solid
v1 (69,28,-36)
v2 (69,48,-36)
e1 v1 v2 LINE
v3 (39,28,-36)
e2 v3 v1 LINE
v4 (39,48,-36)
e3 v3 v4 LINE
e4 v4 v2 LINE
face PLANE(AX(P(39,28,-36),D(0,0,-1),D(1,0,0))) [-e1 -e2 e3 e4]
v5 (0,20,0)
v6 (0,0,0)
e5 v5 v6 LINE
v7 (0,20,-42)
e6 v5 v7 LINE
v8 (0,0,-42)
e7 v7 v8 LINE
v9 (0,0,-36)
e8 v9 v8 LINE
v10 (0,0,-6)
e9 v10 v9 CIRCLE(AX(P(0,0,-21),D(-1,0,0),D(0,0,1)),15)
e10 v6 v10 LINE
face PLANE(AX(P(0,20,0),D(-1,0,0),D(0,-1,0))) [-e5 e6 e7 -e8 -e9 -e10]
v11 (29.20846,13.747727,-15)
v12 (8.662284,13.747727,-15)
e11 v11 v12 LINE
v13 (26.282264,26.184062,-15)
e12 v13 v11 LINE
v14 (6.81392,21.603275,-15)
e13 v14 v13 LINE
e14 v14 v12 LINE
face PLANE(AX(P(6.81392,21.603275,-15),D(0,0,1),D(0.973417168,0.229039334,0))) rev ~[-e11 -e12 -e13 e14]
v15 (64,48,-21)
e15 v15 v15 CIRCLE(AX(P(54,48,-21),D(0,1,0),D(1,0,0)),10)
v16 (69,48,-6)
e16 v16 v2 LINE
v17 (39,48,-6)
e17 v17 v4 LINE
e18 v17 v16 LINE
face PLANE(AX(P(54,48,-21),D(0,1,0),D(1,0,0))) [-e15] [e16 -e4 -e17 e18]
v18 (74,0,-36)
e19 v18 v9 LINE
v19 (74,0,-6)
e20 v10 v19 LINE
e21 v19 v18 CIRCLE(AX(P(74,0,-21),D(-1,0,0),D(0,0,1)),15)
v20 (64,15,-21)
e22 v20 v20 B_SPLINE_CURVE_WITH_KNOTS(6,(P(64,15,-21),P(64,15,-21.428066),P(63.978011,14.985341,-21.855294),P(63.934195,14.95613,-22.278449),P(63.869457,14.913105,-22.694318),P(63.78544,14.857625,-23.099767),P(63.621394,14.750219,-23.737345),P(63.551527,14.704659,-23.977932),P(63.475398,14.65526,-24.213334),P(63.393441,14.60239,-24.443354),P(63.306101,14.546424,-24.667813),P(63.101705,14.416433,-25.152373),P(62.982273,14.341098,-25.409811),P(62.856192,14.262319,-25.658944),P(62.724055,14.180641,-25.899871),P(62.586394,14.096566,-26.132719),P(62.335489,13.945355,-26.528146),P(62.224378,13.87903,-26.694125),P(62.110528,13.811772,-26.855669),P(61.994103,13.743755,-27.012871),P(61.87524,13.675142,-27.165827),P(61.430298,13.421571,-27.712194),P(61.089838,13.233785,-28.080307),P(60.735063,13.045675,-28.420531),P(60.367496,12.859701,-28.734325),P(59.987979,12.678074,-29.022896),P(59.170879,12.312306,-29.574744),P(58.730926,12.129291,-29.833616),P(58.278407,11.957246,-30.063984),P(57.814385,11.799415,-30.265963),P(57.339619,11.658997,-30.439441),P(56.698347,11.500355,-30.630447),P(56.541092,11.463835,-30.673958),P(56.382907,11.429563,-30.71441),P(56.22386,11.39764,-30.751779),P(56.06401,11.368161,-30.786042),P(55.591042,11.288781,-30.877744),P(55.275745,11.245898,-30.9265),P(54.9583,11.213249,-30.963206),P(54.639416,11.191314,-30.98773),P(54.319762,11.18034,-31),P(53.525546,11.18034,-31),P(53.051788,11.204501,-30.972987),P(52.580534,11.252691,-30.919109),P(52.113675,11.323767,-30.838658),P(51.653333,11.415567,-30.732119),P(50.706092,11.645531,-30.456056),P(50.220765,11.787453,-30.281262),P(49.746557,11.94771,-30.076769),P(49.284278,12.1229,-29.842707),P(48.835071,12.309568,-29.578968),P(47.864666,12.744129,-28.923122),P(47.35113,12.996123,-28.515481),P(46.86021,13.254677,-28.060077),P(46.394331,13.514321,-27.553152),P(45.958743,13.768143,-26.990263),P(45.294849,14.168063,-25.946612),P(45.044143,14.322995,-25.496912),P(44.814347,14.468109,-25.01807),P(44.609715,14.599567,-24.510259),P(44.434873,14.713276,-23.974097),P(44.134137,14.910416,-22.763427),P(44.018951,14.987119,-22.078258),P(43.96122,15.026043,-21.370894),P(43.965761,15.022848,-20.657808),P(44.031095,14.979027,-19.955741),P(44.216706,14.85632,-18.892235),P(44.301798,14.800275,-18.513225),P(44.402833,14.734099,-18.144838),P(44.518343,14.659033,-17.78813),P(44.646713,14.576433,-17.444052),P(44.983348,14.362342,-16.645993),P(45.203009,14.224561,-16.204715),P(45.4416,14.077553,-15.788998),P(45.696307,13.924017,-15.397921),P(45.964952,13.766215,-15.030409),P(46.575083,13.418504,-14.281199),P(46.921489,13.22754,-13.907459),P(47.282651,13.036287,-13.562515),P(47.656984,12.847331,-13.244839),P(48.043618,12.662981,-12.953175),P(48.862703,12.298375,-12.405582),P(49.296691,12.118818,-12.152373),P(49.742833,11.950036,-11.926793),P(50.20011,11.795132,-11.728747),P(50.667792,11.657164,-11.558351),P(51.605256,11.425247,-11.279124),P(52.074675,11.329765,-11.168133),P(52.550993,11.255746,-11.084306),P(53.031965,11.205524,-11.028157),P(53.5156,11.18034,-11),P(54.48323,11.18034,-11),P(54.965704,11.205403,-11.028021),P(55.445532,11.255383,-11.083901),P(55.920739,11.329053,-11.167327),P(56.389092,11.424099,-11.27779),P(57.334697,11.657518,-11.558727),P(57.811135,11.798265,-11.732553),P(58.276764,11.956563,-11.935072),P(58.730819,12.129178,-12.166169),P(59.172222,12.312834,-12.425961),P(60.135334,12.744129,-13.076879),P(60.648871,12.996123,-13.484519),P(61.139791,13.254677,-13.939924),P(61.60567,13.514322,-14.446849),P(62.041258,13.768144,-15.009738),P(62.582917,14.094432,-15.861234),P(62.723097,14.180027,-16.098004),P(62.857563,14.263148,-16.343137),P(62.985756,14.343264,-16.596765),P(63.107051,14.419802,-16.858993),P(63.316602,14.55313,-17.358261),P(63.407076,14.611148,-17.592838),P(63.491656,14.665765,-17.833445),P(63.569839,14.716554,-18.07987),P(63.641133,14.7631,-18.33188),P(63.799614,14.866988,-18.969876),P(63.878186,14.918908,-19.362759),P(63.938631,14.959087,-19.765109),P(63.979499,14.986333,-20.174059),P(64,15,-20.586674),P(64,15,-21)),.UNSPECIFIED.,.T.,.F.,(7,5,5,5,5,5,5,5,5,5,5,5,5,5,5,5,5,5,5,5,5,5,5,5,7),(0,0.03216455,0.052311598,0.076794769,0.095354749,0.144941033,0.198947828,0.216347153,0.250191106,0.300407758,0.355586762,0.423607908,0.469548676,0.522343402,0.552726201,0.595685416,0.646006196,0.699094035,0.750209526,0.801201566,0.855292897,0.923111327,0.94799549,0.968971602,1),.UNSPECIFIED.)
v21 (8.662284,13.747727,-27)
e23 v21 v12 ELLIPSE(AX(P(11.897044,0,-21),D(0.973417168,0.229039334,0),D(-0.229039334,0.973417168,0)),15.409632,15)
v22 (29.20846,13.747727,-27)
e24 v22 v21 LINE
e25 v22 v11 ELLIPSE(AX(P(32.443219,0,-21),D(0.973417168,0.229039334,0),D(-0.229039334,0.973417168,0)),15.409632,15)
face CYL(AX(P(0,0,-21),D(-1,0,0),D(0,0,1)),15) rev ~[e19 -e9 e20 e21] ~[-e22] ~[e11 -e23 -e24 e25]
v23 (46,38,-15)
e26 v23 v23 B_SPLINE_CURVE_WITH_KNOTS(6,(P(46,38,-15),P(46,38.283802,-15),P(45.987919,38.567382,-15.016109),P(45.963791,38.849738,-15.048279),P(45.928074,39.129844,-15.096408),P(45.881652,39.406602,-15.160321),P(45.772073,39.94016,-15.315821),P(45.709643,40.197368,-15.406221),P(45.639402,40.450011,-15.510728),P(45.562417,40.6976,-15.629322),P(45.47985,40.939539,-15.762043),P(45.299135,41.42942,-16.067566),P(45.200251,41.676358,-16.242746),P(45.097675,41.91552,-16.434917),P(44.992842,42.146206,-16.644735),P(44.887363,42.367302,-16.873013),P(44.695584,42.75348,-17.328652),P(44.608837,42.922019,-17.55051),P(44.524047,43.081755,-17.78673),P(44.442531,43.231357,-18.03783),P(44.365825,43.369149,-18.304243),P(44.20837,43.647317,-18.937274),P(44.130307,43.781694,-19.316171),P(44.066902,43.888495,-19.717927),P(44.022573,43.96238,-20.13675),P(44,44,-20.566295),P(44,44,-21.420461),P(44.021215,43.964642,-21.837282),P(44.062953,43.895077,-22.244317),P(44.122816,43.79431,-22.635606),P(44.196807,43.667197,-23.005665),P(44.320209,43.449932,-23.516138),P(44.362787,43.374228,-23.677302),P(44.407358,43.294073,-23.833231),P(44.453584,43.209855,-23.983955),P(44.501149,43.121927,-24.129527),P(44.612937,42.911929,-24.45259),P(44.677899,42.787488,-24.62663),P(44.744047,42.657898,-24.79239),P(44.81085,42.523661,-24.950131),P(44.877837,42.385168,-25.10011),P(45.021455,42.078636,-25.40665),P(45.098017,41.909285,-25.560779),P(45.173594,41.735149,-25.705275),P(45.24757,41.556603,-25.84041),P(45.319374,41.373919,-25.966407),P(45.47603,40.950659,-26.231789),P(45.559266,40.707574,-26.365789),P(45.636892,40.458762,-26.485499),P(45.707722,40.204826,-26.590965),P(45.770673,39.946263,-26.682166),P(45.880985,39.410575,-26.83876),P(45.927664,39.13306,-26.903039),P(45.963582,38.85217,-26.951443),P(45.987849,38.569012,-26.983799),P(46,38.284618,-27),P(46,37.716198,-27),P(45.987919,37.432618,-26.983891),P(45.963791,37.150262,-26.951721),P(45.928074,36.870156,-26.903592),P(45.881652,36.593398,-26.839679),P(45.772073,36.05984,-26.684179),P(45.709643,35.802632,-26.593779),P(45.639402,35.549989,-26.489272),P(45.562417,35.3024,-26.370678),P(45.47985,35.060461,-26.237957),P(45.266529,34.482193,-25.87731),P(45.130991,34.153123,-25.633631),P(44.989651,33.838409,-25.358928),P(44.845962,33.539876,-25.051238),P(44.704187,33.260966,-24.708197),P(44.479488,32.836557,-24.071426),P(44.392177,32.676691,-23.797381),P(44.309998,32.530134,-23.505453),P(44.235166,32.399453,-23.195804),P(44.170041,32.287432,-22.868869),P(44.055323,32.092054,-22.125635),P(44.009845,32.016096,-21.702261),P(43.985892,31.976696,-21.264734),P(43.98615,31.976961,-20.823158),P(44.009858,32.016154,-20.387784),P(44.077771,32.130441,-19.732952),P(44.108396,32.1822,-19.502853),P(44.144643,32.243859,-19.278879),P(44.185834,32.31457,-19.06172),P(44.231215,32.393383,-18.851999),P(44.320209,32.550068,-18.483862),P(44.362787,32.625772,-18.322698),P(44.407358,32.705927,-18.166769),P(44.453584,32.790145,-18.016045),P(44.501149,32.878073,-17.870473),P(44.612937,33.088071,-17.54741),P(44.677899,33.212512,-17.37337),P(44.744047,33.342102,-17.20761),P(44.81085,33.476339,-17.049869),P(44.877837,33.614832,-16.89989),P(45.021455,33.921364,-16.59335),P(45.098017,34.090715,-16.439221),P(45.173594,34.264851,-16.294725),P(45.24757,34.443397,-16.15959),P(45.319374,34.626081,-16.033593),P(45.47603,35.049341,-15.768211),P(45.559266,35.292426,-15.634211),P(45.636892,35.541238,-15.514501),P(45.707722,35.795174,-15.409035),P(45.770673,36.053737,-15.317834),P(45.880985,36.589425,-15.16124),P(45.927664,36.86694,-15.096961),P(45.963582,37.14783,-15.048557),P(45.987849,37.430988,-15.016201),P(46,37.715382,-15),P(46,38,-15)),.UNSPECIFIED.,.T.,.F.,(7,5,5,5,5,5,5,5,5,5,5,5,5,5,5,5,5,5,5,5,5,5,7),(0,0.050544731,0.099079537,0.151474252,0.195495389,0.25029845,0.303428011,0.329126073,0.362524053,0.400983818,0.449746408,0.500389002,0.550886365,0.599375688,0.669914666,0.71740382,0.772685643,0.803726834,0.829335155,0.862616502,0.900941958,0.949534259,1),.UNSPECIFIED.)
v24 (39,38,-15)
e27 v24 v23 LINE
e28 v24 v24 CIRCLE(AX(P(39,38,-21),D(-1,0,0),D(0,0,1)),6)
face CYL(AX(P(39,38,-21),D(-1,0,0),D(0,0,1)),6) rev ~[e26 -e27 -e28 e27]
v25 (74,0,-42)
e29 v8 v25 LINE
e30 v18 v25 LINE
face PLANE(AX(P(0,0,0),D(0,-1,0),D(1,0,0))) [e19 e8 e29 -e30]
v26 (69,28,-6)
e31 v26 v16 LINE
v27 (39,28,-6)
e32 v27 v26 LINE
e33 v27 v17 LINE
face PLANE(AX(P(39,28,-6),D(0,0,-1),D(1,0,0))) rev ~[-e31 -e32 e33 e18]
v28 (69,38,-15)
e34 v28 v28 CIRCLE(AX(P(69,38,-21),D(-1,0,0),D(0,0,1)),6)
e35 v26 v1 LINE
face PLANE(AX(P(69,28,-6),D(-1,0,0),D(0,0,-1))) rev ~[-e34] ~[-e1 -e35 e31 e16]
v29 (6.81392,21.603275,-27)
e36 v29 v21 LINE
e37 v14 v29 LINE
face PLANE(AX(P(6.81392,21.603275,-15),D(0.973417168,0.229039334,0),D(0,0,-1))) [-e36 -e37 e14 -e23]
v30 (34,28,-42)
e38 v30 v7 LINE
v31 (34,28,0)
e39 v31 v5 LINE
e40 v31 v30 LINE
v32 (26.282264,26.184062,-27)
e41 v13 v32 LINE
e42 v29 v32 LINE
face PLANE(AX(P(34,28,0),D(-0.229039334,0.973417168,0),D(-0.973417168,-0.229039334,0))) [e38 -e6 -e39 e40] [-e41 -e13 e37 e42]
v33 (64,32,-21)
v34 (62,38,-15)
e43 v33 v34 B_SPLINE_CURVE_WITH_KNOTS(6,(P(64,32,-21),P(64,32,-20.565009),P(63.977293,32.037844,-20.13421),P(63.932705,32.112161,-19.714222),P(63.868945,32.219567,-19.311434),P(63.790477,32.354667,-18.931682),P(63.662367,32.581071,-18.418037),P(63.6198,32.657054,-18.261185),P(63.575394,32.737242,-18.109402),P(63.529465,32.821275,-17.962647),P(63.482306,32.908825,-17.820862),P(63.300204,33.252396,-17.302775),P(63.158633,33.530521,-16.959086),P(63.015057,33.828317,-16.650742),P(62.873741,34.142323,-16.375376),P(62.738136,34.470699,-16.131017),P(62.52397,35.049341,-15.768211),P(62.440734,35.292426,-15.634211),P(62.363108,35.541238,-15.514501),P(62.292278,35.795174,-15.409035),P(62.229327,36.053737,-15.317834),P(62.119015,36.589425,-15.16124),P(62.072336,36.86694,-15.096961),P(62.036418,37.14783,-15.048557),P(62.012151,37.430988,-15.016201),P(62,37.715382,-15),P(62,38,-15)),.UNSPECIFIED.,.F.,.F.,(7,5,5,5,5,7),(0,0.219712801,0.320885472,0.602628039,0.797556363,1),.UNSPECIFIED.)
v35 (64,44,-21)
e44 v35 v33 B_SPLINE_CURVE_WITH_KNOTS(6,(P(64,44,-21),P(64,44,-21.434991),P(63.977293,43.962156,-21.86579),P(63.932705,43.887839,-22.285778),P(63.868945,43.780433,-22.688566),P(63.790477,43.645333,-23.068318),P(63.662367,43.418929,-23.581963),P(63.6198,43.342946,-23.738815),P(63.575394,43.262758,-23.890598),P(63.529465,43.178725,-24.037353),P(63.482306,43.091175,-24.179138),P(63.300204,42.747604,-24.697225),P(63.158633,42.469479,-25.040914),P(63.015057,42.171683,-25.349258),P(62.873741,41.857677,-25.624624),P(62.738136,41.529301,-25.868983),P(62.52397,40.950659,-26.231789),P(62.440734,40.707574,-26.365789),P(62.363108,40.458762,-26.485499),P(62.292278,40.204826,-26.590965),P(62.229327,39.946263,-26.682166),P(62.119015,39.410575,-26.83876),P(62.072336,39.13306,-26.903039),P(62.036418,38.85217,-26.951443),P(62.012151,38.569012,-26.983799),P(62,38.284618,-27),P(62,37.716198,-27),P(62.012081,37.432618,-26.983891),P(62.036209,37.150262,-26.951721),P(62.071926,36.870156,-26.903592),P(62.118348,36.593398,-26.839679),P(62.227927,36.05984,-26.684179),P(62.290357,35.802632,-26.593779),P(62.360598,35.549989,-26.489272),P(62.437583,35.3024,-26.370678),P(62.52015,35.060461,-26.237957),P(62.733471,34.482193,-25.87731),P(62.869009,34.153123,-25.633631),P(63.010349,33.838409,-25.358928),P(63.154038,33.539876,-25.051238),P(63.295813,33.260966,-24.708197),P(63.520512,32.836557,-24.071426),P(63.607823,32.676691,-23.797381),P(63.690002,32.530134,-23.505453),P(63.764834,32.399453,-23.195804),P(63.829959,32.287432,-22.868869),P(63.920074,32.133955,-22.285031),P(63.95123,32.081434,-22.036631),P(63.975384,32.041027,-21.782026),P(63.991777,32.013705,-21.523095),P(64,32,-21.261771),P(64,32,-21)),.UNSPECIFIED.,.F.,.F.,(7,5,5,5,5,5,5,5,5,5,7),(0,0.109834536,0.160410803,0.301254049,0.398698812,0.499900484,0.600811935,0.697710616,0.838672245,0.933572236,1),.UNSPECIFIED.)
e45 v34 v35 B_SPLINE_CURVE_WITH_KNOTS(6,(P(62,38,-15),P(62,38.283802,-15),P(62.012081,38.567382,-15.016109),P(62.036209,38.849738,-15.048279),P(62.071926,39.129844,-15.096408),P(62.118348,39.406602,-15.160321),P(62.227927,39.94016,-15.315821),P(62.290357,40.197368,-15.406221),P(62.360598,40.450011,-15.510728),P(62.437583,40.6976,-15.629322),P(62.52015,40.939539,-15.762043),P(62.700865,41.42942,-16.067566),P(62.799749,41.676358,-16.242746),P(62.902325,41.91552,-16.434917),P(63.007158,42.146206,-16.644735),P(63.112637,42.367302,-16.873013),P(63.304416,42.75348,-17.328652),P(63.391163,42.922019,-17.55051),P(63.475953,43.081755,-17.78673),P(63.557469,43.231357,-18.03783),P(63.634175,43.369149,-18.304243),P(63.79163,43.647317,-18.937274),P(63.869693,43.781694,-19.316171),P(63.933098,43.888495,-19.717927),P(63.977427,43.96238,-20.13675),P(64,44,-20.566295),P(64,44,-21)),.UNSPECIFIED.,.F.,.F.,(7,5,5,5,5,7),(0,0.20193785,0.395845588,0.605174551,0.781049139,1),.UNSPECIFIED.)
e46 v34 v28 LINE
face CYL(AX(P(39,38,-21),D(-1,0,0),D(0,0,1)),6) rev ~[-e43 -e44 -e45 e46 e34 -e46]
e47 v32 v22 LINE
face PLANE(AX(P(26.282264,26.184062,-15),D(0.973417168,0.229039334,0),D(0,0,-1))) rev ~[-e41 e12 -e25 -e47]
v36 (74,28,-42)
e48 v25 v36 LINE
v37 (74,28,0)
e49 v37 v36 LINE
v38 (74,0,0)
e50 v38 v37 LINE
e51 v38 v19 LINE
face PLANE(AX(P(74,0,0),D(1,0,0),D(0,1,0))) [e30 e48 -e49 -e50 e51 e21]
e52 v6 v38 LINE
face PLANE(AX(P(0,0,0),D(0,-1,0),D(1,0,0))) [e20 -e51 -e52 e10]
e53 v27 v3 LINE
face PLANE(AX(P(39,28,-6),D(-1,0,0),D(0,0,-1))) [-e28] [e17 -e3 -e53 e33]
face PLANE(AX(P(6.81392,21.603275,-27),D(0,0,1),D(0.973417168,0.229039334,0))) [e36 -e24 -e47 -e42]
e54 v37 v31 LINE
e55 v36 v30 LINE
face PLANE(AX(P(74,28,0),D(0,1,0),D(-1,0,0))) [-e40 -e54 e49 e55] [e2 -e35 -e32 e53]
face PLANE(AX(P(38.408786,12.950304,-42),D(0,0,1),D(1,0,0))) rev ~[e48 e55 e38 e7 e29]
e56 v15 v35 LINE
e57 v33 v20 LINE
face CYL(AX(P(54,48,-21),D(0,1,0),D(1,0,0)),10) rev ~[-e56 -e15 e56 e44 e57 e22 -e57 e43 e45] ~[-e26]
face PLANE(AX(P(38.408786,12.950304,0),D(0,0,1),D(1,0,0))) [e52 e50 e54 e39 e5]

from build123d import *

# Parameters (mm, degrees)
BOSS_EXTRUDE1_DEPTH = 42
SKETCH2_R           = 15
CUT_EXTRUDE1_DEPTH  = 74
SKETCH3_W           = 20
SKETCH3_H           = 12
CUT_EXTRUDE4_DEPTH  = 74
SKETCH4_W           = 30
SKETCH4_H           = 30
BOSS_EXTRUDE2_DEPTH = 20
SKETCH5_R           = 6
CUT_EXTRUDE5_DEPTH  = 30
SKETCH6_R           = 10
CUT_EXTRUDE6_DEPTH  = 40


with BuildPart() as part:
    # Sketch1 → Boss-Extrude1 (new body)
    with BuildSketch(Plane.XY):
        Polygon((0, 0), (74, 0), (74, 28), (34, 28), (0, 20), align=None)
    extrude(amount=-BOSS_EXTRUDE1_DEPTH)

    # Sketch2 → Cut-Extrude1 (cut)
    with BuildSketch(Plane.ZY):
        with Locations((-21, 0)):
            Circle(SKETCH2_R)
    extrude(amount=-CUT_EXTRUDE1_DEPTH, mode=Mode.SUBTRACT)

    # Sketch3 → Cut-Extrude4 (cut)
    with BuildSketch(Plane(origin=(-4.459016393, 18.950819672, 0), x_dir=(0.973417168, 0.229039334, 0), z_dir=(-0.229039334, 0.973417168, 0))):
        with Locations((21.580786675, 21)):
            Rectangle(SKETCH3_W, SKETCH3_H)
    extrude(amount=-CUT_EXTRUDE4_DEPTH, mode=Mode.SUBTRACT)

    # Sketch4 → Boss-Extrude2 (add)
    with BuildSketch(Plane(origin=(0, 28, 0), x_dir=(1, 0, 0), z_dir=(0, 1, 0))):
        with Locations((54, 21)):
            Rectangle(SKETCH4_W, SKETCH4_H)
    extrude(amount=BOSS_EXTRUDE2_DEPTH)

    # Sketch5 → Cut-Extrude5 (cut)
    with BuildSketch(Plane.ZY.offset(-39)):
        with Locations((-21, 38)):
            Circle(SKETCH5_R)
    extrude(amount=-CUT_EXTRUDE5_DEPTH, mode=Mode.SUBTRACT)

    # Sketch6 → Cut-Extrude6 (cut)
    with BuildSketch(Plane(origin=(0, 48, 0), x_dir=(1, 0, 0), z_dir=(0, 1, 0))):
        with Locations((54, 21)):
            Circle(SKETCH6_R)
    extrude(amount=-CUT_EXTRUDE6_DEPTH, mode=Mode.SUBTRACT)


solid = part.part
